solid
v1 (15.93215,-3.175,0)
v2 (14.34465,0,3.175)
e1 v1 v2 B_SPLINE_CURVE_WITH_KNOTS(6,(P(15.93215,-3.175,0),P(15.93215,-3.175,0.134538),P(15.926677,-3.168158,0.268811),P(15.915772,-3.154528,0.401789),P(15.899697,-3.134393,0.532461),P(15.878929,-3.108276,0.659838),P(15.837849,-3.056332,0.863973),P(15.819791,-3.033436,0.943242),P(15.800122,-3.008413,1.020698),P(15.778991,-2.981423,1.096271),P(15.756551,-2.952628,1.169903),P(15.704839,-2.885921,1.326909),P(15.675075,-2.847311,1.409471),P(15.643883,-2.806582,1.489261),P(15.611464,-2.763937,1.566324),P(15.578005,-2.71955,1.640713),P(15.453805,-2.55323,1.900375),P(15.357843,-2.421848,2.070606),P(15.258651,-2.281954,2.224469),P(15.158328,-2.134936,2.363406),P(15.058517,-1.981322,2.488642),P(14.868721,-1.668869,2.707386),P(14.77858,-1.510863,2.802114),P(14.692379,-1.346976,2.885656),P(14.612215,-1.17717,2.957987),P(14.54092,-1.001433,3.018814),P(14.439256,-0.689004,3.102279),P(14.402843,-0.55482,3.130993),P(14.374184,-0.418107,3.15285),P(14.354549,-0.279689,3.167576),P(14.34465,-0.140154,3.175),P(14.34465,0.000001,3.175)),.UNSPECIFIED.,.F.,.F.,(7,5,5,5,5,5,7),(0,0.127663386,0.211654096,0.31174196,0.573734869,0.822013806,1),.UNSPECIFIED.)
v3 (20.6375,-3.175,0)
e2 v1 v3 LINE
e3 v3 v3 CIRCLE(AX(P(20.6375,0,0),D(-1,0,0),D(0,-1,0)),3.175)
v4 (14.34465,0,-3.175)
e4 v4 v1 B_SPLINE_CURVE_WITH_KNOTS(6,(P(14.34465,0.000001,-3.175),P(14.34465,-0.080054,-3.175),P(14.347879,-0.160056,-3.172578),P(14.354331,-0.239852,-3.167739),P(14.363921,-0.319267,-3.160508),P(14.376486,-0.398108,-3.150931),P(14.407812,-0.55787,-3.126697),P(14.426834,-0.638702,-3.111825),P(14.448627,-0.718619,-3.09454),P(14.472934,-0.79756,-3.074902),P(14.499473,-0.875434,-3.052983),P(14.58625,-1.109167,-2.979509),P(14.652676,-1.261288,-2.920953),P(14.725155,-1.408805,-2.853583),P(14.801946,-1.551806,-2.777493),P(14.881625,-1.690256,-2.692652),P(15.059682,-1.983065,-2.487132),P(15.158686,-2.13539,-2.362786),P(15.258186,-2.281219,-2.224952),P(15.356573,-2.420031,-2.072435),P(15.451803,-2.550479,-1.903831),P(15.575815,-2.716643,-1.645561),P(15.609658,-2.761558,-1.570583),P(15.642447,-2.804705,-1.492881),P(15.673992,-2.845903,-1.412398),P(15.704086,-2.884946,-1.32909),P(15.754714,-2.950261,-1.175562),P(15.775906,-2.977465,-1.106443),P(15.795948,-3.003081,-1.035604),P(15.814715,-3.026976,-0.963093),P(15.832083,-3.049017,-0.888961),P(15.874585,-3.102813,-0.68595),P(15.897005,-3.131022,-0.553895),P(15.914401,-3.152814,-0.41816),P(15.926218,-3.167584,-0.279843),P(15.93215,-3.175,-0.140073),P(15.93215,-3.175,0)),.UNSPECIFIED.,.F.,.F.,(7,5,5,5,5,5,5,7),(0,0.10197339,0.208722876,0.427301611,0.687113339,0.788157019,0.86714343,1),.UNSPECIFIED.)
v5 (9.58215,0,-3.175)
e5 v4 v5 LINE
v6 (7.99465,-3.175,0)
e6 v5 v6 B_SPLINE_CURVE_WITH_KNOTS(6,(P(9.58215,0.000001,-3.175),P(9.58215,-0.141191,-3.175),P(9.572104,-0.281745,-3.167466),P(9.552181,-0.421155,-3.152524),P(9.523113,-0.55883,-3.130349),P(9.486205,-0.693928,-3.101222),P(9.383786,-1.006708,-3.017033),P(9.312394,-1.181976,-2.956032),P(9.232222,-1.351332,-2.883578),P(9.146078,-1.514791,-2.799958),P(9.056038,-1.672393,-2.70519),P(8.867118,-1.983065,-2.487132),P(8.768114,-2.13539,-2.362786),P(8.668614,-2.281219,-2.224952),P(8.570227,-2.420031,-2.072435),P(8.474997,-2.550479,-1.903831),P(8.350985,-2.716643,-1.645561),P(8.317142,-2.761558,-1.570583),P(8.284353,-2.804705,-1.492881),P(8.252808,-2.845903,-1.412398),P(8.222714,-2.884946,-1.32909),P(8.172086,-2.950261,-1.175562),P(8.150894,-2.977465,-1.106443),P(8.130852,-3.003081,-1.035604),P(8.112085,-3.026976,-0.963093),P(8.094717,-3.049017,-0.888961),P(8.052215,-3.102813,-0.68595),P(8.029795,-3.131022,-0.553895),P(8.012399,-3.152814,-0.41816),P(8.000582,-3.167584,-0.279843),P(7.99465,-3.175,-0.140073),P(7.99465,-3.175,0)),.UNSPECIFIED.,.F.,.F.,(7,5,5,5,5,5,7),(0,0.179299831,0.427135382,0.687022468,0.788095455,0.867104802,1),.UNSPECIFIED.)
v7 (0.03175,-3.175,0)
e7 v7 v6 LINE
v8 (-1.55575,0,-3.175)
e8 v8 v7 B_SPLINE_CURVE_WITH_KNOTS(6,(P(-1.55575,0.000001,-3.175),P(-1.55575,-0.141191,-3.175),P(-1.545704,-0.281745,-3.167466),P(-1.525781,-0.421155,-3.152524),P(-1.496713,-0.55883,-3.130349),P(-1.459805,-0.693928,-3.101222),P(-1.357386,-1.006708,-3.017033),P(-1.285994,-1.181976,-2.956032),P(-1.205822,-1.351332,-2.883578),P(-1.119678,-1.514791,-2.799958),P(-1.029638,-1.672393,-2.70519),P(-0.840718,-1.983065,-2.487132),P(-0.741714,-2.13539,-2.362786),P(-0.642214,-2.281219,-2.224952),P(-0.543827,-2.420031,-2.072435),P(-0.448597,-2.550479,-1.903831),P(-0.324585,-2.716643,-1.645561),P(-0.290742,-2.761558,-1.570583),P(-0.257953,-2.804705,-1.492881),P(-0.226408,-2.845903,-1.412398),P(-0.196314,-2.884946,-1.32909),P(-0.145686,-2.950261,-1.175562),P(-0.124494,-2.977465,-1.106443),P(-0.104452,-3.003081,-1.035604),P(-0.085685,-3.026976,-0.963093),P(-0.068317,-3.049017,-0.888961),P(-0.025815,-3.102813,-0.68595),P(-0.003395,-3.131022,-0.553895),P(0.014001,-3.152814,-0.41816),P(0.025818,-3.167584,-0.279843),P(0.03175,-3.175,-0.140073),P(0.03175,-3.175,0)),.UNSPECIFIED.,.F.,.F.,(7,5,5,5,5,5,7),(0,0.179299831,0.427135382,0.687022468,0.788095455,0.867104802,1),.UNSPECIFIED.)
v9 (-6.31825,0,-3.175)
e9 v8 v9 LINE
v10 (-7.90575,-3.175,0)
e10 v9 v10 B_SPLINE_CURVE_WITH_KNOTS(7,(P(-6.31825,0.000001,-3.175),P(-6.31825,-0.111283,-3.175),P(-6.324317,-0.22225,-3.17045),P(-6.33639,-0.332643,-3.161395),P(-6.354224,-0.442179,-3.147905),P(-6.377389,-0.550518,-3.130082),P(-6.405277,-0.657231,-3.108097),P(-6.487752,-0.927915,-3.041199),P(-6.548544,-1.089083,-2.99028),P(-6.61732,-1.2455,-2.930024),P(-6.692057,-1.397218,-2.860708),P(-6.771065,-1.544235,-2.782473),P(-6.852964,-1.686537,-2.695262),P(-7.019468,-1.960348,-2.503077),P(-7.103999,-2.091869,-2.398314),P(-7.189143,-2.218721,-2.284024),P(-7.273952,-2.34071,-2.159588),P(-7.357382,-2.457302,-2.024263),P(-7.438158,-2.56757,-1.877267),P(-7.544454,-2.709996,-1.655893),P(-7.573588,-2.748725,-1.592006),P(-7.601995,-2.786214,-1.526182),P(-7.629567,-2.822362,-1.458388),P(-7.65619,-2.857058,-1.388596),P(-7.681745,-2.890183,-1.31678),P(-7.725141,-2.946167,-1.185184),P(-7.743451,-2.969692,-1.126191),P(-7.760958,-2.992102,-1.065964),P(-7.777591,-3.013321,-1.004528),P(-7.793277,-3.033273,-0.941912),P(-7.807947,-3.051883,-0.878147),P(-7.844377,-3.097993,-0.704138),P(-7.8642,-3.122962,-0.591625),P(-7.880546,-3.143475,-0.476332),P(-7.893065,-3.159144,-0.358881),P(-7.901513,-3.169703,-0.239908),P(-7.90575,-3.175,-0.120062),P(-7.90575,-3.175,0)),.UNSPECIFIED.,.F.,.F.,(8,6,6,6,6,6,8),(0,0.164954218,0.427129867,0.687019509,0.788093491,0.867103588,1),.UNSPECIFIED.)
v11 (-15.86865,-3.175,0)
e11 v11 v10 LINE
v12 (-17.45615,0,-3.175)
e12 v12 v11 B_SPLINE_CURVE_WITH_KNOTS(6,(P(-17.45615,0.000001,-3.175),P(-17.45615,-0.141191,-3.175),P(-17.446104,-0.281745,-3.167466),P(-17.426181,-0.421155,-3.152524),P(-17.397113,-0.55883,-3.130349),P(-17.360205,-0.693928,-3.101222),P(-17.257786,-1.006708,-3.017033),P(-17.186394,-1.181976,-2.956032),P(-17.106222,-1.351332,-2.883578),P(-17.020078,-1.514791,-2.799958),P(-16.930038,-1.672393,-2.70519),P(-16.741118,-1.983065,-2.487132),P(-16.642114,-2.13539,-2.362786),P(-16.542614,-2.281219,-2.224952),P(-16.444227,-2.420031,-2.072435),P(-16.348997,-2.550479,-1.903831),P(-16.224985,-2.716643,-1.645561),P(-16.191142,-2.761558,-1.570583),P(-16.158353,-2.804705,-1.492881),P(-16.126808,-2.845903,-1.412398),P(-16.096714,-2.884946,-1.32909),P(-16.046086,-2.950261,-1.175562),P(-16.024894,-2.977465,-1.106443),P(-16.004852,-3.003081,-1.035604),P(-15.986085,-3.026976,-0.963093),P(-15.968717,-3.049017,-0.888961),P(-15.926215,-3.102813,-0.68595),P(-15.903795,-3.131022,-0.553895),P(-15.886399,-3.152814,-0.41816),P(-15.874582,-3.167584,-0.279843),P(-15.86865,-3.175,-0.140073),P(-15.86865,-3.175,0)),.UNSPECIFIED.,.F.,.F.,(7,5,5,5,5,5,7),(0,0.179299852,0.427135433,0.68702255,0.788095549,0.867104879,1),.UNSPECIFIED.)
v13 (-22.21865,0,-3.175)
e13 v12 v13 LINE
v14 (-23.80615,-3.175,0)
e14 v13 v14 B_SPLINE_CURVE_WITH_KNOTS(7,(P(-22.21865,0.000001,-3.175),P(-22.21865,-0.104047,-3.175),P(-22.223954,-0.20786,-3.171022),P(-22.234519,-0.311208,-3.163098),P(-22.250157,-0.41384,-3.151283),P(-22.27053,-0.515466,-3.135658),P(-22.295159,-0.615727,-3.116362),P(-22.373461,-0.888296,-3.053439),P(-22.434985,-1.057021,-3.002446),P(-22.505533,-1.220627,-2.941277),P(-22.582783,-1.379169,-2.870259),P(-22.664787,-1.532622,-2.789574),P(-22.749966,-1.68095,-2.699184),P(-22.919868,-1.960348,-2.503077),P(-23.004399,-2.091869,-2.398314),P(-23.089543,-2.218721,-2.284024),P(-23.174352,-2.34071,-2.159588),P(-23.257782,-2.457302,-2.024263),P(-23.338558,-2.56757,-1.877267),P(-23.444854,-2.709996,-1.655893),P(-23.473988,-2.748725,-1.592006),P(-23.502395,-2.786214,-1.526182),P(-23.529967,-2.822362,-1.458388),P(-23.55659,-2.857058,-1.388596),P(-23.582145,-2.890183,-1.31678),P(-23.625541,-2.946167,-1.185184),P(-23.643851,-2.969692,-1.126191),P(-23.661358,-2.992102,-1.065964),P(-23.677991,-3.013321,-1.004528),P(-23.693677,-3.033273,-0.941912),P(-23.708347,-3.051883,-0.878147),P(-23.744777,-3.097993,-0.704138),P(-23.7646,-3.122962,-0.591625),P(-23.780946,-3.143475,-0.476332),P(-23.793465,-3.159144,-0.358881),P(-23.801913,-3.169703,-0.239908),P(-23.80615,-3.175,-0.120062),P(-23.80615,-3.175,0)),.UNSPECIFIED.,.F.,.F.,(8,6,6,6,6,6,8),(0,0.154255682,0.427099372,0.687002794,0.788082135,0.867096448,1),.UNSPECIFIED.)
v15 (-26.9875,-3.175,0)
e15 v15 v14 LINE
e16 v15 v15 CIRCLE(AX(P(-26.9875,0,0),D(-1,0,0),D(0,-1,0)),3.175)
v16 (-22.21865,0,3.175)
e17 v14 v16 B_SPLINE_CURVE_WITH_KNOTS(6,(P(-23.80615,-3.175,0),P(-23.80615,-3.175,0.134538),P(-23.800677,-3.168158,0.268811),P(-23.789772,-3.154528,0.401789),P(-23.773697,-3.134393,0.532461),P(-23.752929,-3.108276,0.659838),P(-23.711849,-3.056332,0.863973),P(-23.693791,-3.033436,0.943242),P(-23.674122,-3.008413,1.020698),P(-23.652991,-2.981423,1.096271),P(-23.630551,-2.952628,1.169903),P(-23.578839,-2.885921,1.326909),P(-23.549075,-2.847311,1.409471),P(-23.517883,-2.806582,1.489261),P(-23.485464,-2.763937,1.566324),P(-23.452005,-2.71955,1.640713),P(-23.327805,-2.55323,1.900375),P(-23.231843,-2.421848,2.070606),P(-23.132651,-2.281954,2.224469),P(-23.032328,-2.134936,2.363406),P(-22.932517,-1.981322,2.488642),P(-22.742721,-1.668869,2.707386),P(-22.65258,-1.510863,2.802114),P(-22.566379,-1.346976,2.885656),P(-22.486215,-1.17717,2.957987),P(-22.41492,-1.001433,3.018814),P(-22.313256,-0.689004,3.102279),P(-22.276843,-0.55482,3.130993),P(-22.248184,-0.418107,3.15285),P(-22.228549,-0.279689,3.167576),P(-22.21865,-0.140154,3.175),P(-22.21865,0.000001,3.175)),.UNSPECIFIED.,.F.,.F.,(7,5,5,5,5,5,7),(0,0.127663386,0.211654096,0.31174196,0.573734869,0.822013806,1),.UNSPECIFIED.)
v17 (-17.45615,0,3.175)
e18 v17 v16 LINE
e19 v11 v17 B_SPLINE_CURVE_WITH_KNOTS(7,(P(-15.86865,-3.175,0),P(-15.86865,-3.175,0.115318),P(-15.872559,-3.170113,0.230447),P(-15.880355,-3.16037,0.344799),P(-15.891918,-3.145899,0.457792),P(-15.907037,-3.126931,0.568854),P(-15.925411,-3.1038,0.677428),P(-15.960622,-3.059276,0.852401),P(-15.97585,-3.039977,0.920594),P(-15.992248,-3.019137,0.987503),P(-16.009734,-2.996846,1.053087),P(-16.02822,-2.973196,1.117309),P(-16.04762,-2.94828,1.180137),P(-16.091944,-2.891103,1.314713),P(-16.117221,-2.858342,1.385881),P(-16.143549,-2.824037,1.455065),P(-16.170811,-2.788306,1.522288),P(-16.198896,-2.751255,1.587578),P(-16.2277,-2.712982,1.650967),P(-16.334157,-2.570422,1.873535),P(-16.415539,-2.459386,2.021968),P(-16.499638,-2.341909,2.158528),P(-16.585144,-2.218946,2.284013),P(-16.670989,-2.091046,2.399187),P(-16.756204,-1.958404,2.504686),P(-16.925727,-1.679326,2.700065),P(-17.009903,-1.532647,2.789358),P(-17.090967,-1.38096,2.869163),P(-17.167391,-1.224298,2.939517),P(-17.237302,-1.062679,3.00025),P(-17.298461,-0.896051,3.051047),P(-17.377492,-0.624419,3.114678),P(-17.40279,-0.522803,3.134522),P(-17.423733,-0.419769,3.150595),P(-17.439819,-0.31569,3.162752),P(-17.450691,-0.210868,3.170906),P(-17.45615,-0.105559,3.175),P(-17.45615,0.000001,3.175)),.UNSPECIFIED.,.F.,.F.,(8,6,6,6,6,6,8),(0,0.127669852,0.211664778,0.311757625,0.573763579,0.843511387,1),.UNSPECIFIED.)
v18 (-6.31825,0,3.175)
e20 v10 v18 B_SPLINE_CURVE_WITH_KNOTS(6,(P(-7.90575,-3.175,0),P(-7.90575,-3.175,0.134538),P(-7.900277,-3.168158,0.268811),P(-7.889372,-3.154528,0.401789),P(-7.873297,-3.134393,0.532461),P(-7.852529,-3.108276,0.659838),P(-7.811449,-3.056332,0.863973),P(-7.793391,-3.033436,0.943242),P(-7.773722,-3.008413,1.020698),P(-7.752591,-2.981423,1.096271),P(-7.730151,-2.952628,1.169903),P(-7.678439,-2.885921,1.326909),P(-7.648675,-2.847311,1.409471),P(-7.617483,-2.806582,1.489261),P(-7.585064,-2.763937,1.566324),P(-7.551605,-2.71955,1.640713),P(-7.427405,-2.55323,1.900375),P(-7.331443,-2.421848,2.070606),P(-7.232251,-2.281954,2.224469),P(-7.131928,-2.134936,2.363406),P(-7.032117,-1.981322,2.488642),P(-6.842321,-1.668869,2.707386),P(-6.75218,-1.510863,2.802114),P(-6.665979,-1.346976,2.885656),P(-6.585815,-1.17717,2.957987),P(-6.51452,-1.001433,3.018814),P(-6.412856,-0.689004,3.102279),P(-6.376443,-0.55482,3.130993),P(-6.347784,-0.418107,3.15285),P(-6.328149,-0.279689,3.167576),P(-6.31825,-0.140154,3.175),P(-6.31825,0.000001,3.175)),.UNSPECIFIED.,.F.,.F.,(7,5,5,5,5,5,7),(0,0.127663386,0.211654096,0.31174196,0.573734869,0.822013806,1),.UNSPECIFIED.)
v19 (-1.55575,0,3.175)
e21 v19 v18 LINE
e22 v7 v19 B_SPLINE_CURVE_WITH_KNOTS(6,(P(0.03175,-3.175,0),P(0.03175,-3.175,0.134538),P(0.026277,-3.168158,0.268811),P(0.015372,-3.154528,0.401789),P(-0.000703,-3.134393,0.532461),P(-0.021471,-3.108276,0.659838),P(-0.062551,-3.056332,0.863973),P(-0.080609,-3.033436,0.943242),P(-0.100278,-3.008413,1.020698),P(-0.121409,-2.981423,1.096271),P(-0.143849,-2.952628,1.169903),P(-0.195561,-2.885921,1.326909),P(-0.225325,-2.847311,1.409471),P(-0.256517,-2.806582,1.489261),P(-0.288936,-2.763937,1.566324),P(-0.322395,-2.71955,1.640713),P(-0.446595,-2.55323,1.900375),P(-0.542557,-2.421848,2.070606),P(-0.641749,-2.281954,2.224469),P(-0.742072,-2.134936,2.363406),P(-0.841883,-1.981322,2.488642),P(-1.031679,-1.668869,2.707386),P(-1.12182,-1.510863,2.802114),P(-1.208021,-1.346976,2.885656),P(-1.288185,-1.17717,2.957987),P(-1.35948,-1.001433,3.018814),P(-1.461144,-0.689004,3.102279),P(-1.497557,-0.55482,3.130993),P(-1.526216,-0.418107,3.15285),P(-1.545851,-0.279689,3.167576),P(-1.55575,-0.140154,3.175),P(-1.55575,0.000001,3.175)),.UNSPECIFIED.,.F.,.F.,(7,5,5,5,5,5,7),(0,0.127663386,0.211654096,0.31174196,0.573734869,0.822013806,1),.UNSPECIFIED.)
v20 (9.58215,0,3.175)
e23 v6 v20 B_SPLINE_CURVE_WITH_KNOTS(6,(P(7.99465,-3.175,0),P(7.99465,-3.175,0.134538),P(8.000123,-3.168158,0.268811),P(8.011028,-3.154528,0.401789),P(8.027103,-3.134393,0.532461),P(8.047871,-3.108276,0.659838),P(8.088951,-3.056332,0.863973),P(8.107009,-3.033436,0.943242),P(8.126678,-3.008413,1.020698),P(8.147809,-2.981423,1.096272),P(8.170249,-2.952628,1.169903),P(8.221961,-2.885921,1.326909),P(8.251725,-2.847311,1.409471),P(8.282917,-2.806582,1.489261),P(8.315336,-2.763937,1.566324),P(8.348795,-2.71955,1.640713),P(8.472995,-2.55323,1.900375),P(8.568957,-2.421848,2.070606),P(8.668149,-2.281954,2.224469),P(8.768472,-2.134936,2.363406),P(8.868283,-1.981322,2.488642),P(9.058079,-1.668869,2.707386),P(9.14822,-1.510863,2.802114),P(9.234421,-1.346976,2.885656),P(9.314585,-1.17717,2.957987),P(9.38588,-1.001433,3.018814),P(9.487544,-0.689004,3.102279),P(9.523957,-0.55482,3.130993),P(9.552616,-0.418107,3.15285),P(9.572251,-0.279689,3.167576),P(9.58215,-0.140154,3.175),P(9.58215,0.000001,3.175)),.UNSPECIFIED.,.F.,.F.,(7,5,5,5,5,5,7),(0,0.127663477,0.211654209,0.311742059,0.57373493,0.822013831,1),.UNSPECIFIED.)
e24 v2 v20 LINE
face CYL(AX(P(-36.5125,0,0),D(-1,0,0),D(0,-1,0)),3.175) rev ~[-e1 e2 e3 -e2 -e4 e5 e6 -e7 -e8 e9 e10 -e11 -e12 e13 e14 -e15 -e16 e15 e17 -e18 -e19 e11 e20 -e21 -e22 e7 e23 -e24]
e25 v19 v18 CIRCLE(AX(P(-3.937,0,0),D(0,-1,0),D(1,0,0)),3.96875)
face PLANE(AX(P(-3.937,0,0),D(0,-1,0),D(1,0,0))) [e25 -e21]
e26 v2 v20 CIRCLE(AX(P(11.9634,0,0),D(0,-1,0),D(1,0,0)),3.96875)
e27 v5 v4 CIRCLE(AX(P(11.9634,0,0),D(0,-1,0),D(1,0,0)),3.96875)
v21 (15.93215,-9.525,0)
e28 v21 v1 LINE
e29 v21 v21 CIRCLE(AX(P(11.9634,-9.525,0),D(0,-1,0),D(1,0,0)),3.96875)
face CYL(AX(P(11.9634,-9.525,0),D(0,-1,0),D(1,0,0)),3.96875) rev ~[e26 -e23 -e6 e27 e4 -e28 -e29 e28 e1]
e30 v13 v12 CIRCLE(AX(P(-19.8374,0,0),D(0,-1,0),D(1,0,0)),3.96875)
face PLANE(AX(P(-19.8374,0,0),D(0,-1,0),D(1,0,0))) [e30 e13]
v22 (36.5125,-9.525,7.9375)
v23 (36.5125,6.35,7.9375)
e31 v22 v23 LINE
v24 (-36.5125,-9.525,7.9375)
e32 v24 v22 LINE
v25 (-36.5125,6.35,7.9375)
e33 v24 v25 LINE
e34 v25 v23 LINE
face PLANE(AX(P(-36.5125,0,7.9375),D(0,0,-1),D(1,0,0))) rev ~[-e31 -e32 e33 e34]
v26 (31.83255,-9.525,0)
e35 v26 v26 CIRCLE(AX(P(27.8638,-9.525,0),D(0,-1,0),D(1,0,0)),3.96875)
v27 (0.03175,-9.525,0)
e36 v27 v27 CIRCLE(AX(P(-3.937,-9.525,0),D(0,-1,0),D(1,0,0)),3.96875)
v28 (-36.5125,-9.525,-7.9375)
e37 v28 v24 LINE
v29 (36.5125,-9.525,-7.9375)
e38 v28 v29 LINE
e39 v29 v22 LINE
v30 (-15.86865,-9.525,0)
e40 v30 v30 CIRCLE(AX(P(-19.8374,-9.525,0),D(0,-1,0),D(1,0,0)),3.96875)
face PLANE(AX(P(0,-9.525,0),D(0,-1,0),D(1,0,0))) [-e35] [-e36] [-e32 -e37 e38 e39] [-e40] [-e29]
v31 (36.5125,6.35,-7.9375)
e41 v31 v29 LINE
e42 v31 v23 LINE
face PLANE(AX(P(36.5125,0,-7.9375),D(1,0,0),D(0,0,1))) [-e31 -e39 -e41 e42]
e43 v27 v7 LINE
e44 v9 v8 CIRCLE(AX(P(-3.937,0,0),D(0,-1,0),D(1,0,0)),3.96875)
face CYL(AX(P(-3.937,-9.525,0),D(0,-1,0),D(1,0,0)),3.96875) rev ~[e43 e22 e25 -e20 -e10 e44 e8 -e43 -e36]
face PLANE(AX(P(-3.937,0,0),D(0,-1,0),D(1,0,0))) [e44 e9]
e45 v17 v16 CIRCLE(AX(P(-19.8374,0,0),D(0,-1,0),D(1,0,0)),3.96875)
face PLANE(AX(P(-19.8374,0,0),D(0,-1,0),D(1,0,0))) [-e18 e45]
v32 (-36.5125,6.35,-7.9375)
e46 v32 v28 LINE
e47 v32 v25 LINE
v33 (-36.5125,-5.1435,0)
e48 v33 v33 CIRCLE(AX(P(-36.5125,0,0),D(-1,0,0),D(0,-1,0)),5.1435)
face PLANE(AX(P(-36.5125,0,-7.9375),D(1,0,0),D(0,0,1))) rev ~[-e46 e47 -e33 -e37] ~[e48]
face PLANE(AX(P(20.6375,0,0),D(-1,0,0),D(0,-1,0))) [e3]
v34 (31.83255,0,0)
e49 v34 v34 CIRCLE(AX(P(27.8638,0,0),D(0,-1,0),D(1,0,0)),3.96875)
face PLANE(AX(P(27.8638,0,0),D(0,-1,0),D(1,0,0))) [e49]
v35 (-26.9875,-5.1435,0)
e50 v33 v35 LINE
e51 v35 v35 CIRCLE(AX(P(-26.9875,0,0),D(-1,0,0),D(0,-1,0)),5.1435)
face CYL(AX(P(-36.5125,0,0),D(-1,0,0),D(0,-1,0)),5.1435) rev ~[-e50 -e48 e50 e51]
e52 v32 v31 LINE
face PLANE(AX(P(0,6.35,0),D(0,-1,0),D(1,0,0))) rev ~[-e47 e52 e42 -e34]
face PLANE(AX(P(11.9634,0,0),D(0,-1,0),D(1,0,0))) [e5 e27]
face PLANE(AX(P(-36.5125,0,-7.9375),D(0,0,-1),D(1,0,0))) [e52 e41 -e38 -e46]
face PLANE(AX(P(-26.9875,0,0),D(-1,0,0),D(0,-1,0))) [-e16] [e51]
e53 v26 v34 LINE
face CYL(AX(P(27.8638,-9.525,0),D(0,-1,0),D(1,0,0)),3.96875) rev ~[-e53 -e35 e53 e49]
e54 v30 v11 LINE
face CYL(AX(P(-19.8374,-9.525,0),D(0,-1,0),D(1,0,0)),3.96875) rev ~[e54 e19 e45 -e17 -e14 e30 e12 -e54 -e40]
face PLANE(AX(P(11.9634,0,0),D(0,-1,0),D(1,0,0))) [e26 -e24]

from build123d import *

# Parameters (mm, degrees)
F0_W          = 73.025
F0_H          = 15.875
F1_DEPTH      = 9.525
F1_DEPTH_BACK = 6.35
F2_R          = 5.1435
F3_DEPTH      = 9.525
F4_R          = 3.175
F5_DEPTH      = 57.15
F6_R          = 3.96875
F7_DEPTH      = 9.525


with BuildPart() as f1:
    # F0 (on Front) → F1 (new body, two sides)
    with BuildSketch(Plane.XZ) as f1_sk:
        Rectangle(F0_W, F0_H)
    extrude(amount=F1_DEPTH)
    extrude(f1_sk.sketch, amount=-F1_DEPTH_BACK)

    # F2 (on face) → F3 (cut)
    with BuildSketch(Plane(origin=(-36.5125, 0, 0), x_dir=(0, -1, 0), z_dir=(-1, 0, 0))):
        Circle(F2_R)
    extrude(amount=-F3_DEPTH, mode=Mode.SUBTRACT)

    # F4 (on face) → F5 (cut)
    with BuildSketch(Plane(origin=(-36.5125, 0, 0), x_dir=(0, -1, 0), z_dir=(-1, 0, 0))):
        Circle(F4_R)
    extrude(amount=-F5_DEPTH, mode=Mode.SUBTRACT)

    # F6 (on face) → F7 (cut, through all)
    with BuildSketch(Plane.XZ.offset(9.525)):
        with Locations((-3.937, 0)):
            Circle(F6_R)
        with Locations((-19.8374, 0)):
            Circle(F6_R)
        with Locations((11.9634, 0)):
            Circle(F6_R)
        with Locations((27.8638, 0)):
            Circle(F6_R)
    extrude(amount=-F7_DEPTH, mode=Mode.SUBTRACT)


solid = f1.part
